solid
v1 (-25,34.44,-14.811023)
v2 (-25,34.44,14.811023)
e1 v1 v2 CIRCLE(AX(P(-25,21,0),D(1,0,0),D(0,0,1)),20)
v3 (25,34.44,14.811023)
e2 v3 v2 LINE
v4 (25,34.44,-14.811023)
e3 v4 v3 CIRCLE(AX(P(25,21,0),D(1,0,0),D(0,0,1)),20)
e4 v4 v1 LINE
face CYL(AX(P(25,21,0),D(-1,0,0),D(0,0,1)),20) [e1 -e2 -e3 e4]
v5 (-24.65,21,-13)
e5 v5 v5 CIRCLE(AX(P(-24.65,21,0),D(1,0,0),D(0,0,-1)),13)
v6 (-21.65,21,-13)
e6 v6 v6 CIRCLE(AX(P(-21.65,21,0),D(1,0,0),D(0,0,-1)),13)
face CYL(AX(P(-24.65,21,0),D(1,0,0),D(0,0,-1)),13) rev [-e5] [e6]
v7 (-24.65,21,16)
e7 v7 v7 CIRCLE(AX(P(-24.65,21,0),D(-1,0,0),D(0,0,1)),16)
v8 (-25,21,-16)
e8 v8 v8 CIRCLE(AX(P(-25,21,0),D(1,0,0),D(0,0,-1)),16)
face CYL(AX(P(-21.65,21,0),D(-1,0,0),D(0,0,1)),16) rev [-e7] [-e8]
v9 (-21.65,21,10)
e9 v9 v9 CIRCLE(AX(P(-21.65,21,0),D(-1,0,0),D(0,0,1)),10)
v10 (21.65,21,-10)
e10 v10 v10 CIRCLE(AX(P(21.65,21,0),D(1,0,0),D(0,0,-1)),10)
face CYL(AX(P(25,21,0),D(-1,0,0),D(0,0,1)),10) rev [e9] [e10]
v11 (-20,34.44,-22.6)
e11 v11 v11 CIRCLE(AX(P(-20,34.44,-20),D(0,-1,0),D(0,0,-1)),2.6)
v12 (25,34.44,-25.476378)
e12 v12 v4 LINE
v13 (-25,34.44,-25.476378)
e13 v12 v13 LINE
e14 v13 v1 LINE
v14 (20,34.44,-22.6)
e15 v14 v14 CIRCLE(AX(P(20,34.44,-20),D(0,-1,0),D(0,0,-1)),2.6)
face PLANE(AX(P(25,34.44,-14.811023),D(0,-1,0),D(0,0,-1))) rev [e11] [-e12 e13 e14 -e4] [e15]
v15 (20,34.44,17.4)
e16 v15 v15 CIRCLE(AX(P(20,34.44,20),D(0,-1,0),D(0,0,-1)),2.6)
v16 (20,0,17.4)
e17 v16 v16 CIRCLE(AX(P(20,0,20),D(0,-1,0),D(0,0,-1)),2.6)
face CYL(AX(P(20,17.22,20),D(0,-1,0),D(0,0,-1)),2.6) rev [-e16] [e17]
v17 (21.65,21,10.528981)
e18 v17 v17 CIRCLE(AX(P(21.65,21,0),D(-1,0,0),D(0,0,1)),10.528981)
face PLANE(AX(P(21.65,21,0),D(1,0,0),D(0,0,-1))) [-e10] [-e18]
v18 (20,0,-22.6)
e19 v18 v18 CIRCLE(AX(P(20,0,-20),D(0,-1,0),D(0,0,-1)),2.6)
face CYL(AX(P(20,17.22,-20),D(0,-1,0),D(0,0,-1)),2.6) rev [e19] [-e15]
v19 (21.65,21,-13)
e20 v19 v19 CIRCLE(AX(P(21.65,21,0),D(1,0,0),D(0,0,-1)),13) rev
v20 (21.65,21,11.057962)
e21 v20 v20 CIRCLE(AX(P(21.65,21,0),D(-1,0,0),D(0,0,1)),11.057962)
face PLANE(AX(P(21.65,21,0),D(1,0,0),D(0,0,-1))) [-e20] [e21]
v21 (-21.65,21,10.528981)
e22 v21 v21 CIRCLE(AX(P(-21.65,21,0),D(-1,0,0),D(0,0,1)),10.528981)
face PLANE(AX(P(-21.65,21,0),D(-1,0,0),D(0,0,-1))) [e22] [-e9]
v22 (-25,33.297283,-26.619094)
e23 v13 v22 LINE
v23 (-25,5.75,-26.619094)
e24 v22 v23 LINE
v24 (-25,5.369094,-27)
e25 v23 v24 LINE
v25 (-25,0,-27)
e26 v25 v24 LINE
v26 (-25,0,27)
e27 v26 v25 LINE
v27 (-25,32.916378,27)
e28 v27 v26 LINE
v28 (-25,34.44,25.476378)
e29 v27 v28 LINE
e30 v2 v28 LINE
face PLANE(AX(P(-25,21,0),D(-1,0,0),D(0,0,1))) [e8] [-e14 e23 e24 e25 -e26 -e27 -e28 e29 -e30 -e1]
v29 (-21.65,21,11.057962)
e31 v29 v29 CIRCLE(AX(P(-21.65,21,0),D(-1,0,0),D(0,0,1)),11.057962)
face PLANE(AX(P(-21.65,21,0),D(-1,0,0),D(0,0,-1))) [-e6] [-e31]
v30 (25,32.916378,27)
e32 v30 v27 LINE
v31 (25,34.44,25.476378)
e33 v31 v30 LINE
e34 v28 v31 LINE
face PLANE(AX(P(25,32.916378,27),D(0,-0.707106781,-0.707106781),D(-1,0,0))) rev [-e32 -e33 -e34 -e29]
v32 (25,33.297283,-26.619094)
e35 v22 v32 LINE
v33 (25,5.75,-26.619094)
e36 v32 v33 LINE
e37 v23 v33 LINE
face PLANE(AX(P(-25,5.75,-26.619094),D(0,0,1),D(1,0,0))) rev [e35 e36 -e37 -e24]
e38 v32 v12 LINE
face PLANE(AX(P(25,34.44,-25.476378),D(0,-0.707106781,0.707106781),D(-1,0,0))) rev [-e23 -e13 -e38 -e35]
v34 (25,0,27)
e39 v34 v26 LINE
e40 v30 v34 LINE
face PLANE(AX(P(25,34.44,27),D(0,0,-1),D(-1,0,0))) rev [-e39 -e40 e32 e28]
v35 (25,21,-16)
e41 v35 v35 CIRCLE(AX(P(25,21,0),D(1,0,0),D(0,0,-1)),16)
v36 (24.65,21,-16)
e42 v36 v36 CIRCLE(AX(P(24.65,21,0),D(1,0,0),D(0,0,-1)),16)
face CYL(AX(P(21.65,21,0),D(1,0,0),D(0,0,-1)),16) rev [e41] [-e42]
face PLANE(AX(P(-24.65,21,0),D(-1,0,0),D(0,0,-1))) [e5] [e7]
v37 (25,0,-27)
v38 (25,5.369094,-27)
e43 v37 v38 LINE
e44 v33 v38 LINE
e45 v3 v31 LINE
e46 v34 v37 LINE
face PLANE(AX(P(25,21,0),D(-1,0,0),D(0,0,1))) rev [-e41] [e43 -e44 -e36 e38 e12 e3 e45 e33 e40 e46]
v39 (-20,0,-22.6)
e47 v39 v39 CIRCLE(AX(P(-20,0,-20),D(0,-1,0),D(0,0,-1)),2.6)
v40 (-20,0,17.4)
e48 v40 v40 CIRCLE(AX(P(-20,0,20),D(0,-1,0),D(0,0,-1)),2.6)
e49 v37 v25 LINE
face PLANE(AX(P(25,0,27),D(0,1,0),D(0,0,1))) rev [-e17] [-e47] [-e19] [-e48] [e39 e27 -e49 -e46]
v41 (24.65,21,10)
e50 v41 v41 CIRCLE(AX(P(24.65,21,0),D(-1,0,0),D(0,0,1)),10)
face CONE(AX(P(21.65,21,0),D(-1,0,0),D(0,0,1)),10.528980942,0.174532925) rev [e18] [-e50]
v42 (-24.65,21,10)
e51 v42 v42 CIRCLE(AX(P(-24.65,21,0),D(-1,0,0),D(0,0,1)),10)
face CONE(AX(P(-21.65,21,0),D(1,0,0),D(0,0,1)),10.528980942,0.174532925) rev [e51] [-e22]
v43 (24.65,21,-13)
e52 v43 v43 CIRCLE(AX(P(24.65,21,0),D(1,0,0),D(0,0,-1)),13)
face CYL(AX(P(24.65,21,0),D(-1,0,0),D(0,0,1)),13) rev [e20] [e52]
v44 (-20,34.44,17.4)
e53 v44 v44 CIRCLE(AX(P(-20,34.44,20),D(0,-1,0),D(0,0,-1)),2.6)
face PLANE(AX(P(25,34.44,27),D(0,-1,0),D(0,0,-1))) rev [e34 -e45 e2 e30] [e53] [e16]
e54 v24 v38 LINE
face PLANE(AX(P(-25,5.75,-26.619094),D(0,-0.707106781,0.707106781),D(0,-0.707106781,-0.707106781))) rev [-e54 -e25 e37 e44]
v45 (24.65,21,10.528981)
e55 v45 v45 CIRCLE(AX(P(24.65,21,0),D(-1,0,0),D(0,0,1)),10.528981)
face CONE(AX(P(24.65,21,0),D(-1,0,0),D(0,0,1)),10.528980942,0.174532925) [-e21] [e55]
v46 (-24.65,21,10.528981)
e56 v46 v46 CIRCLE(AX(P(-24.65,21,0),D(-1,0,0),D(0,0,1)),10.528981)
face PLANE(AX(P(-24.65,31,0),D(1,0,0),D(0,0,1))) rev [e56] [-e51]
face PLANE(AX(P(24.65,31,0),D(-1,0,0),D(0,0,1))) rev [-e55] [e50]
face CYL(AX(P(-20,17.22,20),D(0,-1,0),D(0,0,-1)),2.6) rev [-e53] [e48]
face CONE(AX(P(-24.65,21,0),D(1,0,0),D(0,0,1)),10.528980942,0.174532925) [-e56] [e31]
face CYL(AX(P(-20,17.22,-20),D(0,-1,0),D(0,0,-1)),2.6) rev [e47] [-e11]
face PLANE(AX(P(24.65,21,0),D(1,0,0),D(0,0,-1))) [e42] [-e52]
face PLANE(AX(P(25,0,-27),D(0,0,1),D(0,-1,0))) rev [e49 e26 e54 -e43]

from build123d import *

# Parameters (mm, degrees)
BOSS_EXTRUDE1_DEPTH      = 25
BOSS_EXTRUDE1_DEPTH_BACK = 25
SKETCH3_R                = 10
SKETCH4_R                = 16
CUT_EXTRUDE1_DEPTH       = 3.35
BOSS_EXTRUDE2_START      = 3
SKETCH5_R                = 16
SKETCH5_R_2              = 13
BOSS_EXTRUDE2_DEPTH      = 3
CHAMFER1_SIZE            = 1.523622135
CUT_EXTRUDE2_DEPTH       = 71.071392165
SKETCH11_R               = 2.6
CUT_EXTRUDE6_DEPTH       = 17.22
SKETCH12_R               = 2.6
CUT_EXTRUDE7_DEPTH       = 56.090834083


with BuildPart() as part:
    # Sketch3 → Boss-Extrude1 (new, two sides: drawn at the far end of the back side and taken through both)
    with BuildSketch(Plane(origin=(0, 0, 0), x_dir=(0, 0, -1), z_dir=(1, 0, 0)).offset(-BOSS_EXTRUDE1_DEPTH_BACK)):
        with BuildLine():
            Line((27, 0), (27, 34.44))
            Line((27, 34.44), (14.811022922, 34.44))
            ThreePointArc((14.811022922, 34.44), (0, 41), (-14.811022922, 34.44))
            Line((-14.811022922, 34.44), (-27, 34.44))
            Line((-27, 34.44), (-27, 0))
            Line((-27, 0), (27, 0))
        make_face()
        with Locations((0, 21)):
            Circle(SKETCH3_R, mode=Mode.SUBTRACT)
    extrude(amount=BOSS_EXTRUDE1_DEPTH + BOSS_EXTRUDE1_DEPTH_BACK)

    # Sketch4 → Cut-Extrude1 (cut)
    with BuildSketch(Plane(origin=(25, 0, 0), x_dir=(0, 0, -1), z_dir=(1, 0, 0))):
        with Locations((0, 21)):
            Circle(SKETCH4_R)
    cut_extrude1 = extrude(amount=-CUT_EXTRUDE1_DEPTH, mode=Mode.SUBTRACT)

    # Sketch5 → Boss-Extrude2 (add)
    with BuildSketch(Plane(origin=(21.65, 0, 0), x_dir=(0, 0, -1), z_dir=(1, 0, 0)).offset(BOSS_EXTRUDE2_START)):
        with Locations((0, 21)):
            Circle(SKETCH5_R)
        with Locations((0, 21)):
            Circle(SKETCH5_R_2, mode=Mode.SUBTRACT)
    boss_extrude2 = extrude(amount=-BOSS_EXTRUDE2_DEPTH)

    # Sketch6 → Revolve1 (revolve)
    with BuildSketch(Plane.XY, mode=Mode.PRIVATE) as revolve1_sk:
        Polygon((24.65, 31), (24.65, 31.528980942), (21.65, 32.057961884), (21.65, 31.528980942), align=None)
    revolve1 = revolve(revolve1_sk.sketch.rotate(Axis((-24.65, 21, 0), (1, 0, 0)), 90), axis=Axis((-24.65, 21, 0), (1, 0, 0)))

    # Mirror1: Cut-Extrude1, Boss-Extrude2, Revolve1 across plane
    add(cut_extrude1.mirror(Plane(origin=(0, 0, 0), x_dir=(0, 0, 1), z_dir=(1, 0, 0))), mode=Mode.SUBTRACT)
    add(boss_extrude2.mirror(Plane(origin=(0, 0, 0), x_dir=(0, 0, 1), z_dir=(1, 0, 0))))
    add(revolve1.mirror(Plane(origin=(0, 0, 0), x_dir=(0, 0, 1), z_dir=(1, 0, 0))))

    # Chamfer1
    chamfer1_edges = [part.edges().sort_by_distance(p)[0] for p in [
        (0, 34.44, 27),
        (0, 34.44, -27),
    ]]
    chamfer(chamfer1_edges, length=CHAMFER1_SIZE)

    # Sketch7 → Cut-Extrude2 (cut, through all)
    with BuildSketch(Plane(origin=(25, 0, 0), x_dir=(0, 0, -1), z_dir=(1, 0, 0))):
        Polygon((26.619094466, 5.75), (27, 5.369094466), (27, 32.916377865), (26.619094466, 33.297283399), align=None)
    extrude(amount=-CUT_EXTRUDE2_DEPTH, mode=Mode.SUBTRACT)

    # Sketch11 → Cut-Extrude6 (cut)
    with BuildSketch(Plane.XZ):
        with Locations(Location((-20, 20, 0), (0, 0, 270))):
            Circle(SKETCH11_R)
        with Locations(Location((20, 20, 0), (0, 0, 270))):
            Circle(SKETCH11_R)
        with Locations(Location((20, -20, 0), (0, 0, 270))):
            Circle(SKETCH11_R)
        with Locations(Location((-20, -20, 0), (0, 0, 270))):
            Circle(SKETCH11_R)
    extrude(amount=-CUT_EXTRUDE6_DEPTH, mode=Mode.SUBTRACT)

    # Sketch12 → Cut-Extrude7 (cut, through all)
    with BuildSketch(Plane.XZ):
        with Locations(Location((-20, 20, 0), (0, 0, 270))):
            Circle(SKETCH12_R)
        with Locations(Location((20, 20, 0), (0, 0, 270))):
            Circle(SKETCH12_R)
        with Locations(Location((20, -20, 0), (0, 0, 270))):
            Circle(SKETCH12_R)
        with Locations(Location((-20, -20, 0), (0, 0, 270))):
            Circle(SKETCH12_R)
    extrude(amount=-CUT_EXTRUDE7_DEPTH, mode=Mode.SUBTRACT)


solid = part.part
